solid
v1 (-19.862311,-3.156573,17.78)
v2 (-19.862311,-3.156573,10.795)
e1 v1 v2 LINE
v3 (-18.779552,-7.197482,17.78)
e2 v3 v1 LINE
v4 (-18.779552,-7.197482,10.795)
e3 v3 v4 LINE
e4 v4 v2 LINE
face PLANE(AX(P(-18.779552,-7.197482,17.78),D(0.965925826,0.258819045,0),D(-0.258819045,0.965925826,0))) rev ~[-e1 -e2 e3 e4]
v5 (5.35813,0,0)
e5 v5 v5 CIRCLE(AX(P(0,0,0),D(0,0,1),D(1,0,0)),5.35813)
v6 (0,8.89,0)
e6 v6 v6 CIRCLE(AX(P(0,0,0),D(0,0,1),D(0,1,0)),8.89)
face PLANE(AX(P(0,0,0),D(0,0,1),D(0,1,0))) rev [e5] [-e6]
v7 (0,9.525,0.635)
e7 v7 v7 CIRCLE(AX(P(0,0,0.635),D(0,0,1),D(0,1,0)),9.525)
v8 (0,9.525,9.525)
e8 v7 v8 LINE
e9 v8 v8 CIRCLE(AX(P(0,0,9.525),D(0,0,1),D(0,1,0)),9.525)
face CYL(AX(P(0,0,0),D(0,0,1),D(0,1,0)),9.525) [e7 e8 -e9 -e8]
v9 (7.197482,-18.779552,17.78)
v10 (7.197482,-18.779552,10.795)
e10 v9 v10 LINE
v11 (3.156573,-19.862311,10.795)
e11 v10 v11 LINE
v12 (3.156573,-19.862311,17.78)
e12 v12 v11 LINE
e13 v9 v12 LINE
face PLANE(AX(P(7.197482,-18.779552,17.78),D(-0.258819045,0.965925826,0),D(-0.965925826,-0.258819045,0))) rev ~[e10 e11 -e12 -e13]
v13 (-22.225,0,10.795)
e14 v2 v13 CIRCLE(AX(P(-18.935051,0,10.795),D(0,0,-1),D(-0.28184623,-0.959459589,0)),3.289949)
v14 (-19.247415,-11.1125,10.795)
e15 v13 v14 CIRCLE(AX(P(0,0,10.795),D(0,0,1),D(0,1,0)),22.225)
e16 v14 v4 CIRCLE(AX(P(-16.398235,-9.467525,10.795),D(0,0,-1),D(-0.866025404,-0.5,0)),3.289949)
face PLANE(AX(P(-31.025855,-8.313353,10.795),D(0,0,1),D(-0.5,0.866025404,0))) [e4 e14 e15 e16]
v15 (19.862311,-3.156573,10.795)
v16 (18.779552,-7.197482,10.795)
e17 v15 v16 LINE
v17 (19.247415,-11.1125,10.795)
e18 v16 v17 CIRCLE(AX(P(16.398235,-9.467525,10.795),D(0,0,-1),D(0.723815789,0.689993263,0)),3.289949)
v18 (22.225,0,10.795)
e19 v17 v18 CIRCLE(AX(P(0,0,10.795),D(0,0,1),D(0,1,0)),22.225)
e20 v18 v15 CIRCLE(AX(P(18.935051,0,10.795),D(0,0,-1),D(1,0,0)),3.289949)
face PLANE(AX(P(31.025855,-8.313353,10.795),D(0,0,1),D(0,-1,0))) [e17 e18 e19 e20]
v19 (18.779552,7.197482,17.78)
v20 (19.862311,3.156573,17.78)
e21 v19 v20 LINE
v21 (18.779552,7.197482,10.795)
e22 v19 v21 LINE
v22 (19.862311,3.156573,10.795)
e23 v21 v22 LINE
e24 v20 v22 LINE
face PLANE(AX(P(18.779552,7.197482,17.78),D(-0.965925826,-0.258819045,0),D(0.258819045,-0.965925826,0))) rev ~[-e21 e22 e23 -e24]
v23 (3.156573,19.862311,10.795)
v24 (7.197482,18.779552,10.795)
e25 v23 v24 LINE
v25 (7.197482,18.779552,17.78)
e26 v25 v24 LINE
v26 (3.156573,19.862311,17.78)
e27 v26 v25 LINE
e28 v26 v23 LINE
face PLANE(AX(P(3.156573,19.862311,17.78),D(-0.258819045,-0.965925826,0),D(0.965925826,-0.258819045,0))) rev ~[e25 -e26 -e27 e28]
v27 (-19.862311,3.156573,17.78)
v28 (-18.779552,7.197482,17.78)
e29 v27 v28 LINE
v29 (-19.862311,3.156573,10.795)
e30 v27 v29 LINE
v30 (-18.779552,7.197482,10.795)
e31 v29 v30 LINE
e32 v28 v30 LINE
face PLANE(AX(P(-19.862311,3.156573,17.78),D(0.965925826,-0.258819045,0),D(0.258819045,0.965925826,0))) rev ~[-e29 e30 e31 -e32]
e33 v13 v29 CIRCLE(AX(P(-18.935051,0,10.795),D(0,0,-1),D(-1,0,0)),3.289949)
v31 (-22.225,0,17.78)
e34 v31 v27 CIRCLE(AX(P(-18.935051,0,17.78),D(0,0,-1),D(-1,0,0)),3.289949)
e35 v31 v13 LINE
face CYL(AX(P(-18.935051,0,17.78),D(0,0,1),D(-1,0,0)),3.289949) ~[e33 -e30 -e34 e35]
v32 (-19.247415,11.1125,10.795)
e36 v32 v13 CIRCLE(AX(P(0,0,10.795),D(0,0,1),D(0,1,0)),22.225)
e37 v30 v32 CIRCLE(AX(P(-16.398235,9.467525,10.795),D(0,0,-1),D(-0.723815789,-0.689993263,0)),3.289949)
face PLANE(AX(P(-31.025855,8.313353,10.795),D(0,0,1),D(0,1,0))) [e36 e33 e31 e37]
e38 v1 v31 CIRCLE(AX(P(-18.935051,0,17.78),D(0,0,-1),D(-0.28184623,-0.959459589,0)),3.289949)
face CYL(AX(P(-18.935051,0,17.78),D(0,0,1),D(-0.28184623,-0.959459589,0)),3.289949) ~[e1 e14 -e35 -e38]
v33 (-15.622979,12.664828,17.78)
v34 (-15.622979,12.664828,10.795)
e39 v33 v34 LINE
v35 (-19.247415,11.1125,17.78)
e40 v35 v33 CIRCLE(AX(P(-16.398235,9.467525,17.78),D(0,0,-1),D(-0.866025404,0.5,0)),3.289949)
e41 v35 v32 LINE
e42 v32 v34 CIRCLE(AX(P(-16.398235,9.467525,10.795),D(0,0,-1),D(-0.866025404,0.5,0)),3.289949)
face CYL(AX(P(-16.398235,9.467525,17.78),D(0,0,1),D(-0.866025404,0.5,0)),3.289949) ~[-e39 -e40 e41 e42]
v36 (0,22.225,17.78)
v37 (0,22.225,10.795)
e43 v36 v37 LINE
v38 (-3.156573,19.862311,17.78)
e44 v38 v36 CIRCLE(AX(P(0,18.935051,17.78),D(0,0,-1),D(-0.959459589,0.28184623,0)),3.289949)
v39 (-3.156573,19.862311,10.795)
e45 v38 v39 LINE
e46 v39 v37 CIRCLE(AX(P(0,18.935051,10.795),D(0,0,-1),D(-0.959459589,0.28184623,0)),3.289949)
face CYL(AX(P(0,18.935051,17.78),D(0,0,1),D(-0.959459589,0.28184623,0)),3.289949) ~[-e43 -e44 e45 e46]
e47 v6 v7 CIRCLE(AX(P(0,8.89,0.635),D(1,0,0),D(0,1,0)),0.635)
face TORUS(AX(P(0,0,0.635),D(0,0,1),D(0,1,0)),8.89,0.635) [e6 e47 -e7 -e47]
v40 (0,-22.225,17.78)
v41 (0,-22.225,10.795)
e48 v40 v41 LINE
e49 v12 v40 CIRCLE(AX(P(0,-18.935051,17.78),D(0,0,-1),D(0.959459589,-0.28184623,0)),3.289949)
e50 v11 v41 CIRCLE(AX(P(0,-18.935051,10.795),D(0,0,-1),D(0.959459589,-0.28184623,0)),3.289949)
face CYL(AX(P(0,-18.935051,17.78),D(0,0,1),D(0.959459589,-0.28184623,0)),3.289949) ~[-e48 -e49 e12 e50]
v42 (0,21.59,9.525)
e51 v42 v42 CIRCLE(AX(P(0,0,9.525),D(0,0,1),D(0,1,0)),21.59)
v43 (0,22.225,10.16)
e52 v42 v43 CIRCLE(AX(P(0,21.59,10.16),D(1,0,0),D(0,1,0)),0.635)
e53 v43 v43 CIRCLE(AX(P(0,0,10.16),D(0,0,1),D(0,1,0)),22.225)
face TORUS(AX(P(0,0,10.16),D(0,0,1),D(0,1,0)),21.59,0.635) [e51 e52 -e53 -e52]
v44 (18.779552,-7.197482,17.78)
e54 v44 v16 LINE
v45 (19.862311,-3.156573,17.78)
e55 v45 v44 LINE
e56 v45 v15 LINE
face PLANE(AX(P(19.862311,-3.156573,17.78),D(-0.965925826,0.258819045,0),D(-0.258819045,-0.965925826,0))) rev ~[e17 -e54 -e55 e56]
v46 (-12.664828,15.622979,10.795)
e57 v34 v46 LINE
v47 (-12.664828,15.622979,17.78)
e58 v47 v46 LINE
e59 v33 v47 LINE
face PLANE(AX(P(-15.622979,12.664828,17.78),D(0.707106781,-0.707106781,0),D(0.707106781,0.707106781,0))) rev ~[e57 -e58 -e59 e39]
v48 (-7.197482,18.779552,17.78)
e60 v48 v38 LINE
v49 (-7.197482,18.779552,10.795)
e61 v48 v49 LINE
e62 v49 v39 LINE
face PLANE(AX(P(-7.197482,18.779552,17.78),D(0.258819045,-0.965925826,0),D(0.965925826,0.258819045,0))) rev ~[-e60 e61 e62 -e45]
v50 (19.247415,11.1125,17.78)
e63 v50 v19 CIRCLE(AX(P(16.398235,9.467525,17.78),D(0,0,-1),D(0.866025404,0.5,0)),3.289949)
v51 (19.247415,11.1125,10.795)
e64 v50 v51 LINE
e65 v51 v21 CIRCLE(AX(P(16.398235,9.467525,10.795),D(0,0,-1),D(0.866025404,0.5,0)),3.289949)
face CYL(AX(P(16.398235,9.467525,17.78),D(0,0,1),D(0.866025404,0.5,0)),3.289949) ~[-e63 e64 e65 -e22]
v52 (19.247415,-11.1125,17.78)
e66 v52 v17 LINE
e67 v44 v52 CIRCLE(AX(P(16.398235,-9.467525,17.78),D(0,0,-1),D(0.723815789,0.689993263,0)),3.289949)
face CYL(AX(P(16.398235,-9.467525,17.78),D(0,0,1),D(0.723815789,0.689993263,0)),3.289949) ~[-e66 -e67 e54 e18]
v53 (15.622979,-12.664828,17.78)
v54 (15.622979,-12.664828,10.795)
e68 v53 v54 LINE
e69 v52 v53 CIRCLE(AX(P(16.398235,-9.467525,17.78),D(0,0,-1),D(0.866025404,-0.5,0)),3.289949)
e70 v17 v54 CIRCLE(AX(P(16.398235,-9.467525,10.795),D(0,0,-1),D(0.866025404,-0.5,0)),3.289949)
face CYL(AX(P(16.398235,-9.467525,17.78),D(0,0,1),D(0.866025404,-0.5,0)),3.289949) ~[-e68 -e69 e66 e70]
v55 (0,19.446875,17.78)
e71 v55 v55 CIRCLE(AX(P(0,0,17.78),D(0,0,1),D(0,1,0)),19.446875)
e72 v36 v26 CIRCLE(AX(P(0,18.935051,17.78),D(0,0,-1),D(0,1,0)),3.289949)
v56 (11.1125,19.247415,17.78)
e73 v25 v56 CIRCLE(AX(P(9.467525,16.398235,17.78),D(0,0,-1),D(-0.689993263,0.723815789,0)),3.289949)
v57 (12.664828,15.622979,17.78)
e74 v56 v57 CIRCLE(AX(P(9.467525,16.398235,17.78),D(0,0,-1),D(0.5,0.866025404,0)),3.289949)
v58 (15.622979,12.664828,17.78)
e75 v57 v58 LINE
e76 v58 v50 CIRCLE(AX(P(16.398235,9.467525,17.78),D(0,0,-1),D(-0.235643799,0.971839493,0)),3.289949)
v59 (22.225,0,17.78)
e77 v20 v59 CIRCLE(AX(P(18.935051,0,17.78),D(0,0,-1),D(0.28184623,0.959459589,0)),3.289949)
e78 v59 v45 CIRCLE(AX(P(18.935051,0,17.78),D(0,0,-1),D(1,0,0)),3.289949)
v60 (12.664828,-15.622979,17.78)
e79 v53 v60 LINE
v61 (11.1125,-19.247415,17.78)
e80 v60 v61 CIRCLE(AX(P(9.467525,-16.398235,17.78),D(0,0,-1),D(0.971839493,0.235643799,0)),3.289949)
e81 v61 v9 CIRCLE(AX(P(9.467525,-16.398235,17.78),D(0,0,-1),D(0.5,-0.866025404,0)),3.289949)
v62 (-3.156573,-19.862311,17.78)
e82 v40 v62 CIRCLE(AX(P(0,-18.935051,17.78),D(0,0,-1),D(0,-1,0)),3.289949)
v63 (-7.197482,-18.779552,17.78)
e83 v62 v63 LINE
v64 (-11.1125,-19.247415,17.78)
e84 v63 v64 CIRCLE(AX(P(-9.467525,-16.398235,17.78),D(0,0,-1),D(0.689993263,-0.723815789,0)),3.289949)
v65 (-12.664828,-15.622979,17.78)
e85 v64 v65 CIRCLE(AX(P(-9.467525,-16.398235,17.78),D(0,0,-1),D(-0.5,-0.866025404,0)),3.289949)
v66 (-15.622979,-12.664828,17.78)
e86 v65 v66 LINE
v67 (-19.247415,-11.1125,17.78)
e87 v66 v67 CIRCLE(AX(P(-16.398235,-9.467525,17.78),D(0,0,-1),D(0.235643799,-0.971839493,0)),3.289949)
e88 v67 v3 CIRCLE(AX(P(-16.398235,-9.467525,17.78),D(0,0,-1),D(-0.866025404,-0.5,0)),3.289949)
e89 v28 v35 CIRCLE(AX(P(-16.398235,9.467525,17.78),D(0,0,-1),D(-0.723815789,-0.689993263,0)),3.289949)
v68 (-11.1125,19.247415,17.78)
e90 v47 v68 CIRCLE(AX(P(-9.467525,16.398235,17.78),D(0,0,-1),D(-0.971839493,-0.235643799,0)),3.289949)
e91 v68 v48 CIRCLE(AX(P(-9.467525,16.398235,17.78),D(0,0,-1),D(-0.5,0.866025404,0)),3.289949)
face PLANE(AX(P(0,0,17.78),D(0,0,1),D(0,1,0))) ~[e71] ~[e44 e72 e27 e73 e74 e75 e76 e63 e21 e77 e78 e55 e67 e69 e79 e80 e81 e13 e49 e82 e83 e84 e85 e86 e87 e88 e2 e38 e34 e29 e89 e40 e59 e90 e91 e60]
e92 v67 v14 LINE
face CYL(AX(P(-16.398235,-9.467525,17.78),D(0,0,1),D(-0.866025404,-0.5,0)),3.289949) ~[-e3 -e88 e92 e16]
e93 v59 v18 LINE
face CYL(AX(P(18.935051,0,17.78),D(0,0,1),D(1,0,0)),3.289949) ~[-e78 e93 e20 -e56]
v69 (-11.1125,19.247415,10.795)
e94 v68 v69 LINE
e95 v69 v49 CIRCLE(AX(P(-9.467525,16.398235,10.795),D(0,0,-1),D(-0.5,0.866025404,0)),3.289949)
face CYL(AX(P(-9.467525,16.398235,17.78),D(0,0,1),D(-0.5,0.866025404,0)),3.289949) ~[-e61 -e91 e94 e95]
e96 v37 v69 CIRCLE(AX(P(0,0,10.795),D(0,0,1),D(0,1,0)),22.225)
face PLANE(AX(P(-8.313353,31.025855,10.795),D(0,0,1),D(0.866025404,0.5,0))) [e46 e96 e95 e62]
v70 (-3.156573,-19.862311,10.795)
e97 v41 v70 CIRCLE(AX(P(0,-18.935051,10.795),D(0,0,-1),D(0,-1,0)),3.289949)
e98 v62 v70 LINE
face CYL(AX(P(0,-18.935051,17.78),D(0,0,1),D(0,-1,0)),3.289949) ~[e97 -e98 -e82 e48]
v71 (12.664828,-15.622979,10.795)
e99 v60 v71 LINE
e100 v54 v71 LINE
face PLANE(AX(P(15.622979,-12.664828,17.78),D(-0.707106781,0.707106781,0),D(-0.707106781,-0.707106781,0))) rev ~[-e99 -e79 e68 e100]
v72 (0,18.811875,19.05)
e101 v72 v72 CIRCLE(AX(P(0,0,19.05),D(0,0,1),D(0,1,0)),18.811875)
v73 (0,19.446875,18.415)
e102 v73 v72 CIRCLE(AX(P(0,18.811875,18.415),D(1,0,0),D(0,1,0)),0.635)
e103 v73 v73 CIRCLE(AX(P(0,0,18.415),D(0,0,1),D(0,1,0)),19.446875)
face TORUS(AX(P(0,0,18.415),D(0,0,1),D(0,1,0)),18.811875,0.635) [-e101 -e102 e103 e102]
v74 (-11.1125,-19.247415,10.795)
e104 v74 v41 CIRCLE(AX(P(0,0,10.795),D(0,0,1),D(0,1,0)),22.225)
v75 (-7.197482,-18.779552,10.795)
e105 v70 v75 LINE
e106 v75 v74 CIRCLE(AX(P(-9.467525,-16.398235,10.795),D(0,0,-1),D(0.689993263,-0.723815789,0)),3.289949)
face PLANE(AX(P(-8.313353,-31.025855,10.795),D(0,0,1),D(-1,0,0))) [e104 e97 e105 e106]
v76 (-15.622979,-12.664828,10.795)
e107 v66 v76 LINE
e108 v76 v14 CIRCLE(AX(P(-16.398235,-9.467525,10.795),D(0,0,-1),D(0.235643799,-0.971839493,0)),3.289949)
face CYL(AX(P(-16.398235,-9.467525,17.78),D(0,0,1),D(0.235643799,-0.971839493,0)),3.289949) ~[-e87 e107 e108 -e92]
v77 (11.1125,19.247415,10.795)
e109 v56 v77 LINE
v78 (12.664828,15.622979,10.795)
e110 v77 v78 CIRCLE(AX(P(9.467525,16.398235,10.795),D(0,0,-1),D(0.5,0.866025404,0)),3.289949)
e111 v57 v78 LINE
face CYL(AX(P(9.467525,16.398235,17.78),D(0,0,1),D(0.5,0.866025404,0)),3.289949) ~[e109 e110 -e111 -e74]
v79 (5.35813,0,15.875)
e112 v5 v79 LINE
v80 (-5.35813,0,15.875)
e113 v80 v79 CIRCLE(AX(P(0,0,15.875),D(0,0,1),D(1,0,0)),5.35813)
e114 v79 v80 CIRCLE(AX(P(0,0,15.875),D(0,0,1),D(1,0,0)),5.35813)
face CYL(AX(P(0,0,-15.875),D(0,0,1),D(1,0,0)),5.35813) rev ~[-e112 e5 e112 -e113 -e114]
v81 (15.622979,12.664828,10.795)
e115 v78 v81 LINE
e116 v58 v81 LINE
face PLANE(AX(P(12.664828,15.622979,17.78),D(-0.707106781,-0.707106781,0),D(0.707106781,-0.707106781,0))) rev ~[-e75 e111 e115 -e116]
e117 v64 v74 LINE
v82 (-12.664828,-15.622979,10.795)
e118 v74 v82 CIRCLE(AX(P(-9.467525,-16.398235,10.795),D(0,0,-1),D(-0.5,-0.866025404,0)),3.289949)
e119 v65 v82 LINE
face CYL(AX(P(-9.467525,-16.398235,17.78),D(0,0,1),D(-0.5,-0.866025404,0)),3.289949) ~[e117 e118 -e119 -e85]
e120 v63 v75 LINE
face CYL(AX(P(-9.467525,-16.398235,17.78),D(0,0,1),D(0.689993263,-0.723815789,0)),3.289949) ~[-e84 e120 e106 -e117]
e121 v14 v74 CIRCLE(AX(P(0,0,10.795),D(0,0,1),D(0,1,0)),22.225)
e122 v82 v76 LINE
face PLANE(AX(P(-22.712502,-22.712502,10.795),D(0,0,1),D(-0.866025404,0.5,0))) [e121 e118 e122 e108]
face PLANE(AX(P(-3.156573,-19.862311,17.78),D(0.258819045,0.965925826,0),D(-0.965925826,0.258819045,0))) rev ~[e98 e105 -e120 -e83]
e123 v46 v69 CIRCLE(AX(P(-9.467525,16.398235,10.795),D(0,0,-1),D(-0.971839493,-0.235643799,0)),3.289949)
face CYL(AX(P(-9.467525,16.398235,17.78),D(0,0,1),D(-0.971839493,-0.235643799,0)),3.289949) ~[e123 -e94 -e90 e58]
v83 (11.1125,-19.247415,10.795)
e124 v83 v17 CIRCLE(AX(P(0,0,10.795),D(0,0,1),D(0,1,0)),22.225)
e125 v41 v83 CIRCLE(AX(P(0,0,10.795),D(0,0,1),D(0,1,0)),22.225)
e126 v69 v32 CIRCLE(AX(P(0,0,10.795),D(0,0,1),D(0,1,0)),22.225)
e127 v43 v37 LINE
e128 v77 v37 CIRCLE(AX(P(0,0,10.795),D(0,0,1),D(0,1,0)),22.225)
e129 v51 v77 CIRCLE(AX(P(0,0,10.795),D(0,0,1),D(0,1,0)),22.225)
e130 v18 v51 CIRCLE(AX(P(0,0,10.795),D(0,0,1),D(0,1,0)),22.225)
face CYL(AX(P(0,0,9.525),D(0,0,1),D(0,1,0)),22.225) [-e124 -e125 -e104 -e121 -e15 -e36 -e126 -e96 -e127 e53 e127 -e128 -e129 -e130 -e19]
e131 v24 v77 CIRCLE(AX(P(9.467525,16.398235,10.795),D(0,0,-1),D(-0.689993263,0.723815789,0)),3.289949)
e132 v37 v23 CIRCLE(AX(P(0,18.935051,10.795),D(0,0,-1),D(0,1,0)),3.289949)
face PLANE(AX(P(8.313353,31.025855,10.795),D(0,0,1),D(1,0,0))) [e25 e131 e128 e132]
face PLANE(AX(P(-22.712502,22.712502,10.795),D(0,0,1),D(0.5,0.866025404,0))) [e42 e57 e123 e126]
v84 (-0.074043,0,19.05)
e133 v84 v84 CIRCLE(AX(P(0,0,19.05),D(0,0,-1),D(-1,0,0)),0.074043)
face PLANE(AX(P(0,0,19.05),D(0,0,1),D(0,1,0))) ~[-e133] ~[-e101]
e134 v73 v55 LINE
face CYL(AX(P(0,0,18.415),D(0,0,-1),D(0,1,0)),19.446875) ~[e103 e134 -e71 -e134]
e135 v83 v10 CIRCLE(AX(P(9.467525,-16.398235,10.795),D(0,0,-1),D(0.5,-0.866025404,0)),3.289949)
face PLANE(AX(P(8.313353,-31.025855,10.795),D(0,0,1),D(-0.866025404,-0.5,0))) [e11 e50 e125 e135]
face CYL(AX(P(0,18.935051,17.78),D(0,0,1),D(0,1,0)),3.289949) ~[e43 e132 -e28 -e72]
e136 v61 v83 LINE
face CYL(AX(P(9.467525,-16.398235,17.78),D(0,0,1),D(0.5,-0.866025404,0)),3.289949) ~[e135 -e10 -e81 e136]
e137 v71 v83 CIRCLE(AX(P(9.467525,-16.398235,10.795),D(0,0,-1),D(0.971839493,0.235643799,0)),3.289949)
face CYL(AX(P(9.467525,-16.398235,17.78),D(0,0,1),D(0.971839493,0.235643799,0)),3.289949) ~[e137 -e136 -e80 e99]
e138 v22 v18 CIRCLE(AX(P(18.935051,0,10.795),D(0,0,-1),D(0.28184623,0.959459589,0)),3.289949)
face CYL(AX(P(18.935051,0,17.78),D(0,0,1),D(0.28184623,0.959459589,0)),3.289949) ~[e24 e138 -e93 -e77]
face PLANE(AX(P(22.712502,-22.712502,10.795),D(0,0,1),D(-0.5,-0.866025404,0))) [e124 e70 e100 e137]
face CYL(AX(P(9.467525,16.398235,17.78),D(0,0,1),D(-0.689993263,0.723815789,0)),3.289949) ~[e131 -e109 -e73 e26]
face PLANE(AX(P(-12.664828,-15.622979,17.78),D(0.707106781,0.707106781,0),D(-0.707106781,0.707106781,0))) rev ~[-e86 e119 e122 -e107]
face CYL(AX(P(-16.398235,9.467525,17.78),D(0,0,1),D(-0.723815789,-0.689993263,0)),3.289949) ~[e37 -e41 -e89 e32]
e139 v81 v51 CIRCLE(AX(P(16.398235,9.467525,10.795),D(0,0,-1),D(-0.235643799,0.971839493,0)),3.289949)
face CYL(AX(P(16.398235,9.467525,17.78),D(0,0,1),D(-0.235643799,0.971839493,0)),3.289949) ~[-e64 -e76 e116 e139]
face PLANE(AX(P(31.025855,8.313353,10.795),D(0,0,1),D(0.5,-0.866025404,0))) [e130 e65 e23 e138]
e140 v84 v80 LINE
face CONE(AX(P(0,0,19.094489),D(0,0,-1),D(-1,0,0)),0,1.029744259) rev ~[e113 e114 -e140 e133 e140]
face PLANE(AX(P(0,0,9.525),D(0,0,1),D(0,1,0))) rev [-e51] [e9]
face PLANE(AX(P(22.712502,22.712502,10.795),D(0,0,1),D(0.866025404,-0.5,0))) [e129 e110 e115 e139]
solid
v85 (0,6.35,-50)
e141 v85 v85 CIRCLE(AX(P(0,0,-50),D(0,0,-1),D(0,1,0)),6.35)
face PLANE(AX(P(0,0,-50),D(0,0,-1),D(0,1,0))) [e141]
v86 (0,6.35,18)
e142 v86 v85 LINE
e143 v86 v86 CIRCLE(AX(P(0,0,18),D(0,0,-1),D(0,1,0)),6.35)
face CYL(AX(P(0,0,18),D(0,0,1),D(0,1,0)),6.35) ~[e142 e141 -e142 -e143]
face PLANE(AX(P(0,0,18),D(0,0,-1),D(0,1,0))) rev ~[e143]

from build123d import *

# Parameters (mm, degrees)
CUT_EXTRUDE1_START          = -6.985
CUT_EXTRUDE1_DEPTH          = 6.985
CIRPATTERN1_COUNT           = 12
SKETCH6_W                   = 1.27
SKETCH6_H                   = 22.225
SKETCH7_W                   = 1.27
SKETCH7_H                   = 19.446875
FILLET1_R                   = 0.635
F_1_2_13_TAPPED_HOLE1_D     = 10.71626
F_1_2_13_TAPPED_HOLE1_DEPTH = 15.875
F_1_2_13_TAPPED_HOLE1_TIP   = 3.219489309
BOSS_EXTRUDE1_DEPTH         = 50
BOSS_EXTRUDE1_DEPTH_BACK    = 18
SKETCH11_R                  = 6.35


with BuildPart() as part:
    # Sketch4 → Revolve2 (revolve)
    with BuildSketch(Plane(origin=(0, 0, 0), x_dir=(0, 0, -1), z_dir=(1, 0, 0))):
        Polygon((0, 0), (0, 9.525), (-9.525, 9.525), (-9.525, 22.225), (-16.1925, 22.225), (-19.05, 22.225), (-19.05, 0), align=None)
    revolve(axis=Axis((0, 0, 0), (0, 0, 1)))

    # Sketch5 → Cut-Extrude1 (cut)
    with BuildSketch(Plane(origin=(0, 0, 10.795), x_dir=(-1, 0, 0), z_dir=(0, 0, -1)).offset(CUT_EXTRUDE1_START)):
        with BuildLine():
            Line((-3.156573404, 19.862310504), (-7.197482495, 18.779552177))
            ThreePointArc((-7.197482495, 18.779552177), (-9.077139161, 19.664940458), (-11.1125, 19.247414599))
            Line((-11.1125, 19.247414599), (-21.036811986, 36.436827189))
            Line((-21.036811986, 36.436827189), (0, 42.073623972))
            Line((0, 42.073623972), (0, 22.225))
            ThreePointArc((0, 22.225), (-1.971437122, 21.568907581), (-3.156573404, 19.862310504))
        make_face()
    cut_extrude1 = extrude(amount=CUT_EXTRUDE1_DEPTH, mode=Mode.SUBTRACT)

    # CirPattern1: Cut-Extrude1 ×12 about axis
    cirpattern1_axis = Axis((0, 0, 0), (0, 0, 1))
    for i in range(1, CIRPATTERN1_COUNT):
        add(cut_extrude1.rotate(cirpattern1_axis, i * 360 / CIRPATTERN1_COUNT), mode=Mode.SUBTRACT)

    # Sketch6 → Cut-Revolve3 (revolve, cut)
    with BuildSketch(Plane(origin=(0, 0, 0), x_dir=(0, 0, -1), z_dir=(1, 0, 0))):
        with Locations((-18.415, 11.1125)):
            Rectangle(SKETCH6_W, SKETCH6_H)
    revolve(axis=Axis((0, 0, 0), (0, 0, 1)), mode=Mode.SUBTRACT)

    # Sketch7 → Revolve3 (revolve)
    with BuildSketch(Plane(origin=(0, 0, 0), x_dir=(0, 0, -1), z_dir=(1, 0, 0))):
        with Locations((-18.415, 9.7234375)):
            Rectangle(SKETCH7_W, SKETCH7_H)
    revolve(axis=Axis((0, 0, 0), (0, 0, 1)))

    # Fillet1
    fillet1_edges = [part.edges().sort_by_distance(p)[0] for p in [
        (0, -19.446875, 19.05),
        (0, -22.225, 9.525),
        (0, -9.525, 0),
    ]]
    fillet(fillet1_edges, radius=FILLET1_R)

    # 1/2-13 Tapped Hole1
    with Locations(Plane(origin=(0, 0, 0), x_dir=(-1, 0, 0), z_dir=(0, 0, -1))):
        with Locations((0, 0)):
            Hole(F_1_2_13_TAPPED_HOLE1_D / 2, depth=F_1_2_13_TAPPED_HOLE1_DEPTH)
            with Locations((0, 0, -(F_1_2_13_TAPPED_HOLE1_DEPTH + F_1_2_13_TAPPED_HOLE1_TIP / 2))):  # 118° drill point
                Cone(0, F_1_2_13_TAPPED_HOLE1_D / 2, F_1_2_13_TAPPED_HOLE1_TIP, mode=Mode.SUBTRACT)


with BuildPart() as body_2:
    # Sketch11 → Boss-Extrude1 (new, two sides: drawn at the far end of the back side and taken through both)
    with BuildSketch(Plane(origin=(0, 0, 0), x_dir=(-1, 0, 0), z_dir=(0, 0, -1)).offset(-BOSS_EXTRUDE1_DEPTH_BACK)):
        with Locations(Location((0, 0, 0), (0, 0, 90))):
            Circle(SKETCH11_R)
    extrude(amount=BOSS_EXTRUDE1_DEPTH + BOSS_EXTRUDE1_DEPTH_BACK)


solid = Compound([part.part, body_2.part])
